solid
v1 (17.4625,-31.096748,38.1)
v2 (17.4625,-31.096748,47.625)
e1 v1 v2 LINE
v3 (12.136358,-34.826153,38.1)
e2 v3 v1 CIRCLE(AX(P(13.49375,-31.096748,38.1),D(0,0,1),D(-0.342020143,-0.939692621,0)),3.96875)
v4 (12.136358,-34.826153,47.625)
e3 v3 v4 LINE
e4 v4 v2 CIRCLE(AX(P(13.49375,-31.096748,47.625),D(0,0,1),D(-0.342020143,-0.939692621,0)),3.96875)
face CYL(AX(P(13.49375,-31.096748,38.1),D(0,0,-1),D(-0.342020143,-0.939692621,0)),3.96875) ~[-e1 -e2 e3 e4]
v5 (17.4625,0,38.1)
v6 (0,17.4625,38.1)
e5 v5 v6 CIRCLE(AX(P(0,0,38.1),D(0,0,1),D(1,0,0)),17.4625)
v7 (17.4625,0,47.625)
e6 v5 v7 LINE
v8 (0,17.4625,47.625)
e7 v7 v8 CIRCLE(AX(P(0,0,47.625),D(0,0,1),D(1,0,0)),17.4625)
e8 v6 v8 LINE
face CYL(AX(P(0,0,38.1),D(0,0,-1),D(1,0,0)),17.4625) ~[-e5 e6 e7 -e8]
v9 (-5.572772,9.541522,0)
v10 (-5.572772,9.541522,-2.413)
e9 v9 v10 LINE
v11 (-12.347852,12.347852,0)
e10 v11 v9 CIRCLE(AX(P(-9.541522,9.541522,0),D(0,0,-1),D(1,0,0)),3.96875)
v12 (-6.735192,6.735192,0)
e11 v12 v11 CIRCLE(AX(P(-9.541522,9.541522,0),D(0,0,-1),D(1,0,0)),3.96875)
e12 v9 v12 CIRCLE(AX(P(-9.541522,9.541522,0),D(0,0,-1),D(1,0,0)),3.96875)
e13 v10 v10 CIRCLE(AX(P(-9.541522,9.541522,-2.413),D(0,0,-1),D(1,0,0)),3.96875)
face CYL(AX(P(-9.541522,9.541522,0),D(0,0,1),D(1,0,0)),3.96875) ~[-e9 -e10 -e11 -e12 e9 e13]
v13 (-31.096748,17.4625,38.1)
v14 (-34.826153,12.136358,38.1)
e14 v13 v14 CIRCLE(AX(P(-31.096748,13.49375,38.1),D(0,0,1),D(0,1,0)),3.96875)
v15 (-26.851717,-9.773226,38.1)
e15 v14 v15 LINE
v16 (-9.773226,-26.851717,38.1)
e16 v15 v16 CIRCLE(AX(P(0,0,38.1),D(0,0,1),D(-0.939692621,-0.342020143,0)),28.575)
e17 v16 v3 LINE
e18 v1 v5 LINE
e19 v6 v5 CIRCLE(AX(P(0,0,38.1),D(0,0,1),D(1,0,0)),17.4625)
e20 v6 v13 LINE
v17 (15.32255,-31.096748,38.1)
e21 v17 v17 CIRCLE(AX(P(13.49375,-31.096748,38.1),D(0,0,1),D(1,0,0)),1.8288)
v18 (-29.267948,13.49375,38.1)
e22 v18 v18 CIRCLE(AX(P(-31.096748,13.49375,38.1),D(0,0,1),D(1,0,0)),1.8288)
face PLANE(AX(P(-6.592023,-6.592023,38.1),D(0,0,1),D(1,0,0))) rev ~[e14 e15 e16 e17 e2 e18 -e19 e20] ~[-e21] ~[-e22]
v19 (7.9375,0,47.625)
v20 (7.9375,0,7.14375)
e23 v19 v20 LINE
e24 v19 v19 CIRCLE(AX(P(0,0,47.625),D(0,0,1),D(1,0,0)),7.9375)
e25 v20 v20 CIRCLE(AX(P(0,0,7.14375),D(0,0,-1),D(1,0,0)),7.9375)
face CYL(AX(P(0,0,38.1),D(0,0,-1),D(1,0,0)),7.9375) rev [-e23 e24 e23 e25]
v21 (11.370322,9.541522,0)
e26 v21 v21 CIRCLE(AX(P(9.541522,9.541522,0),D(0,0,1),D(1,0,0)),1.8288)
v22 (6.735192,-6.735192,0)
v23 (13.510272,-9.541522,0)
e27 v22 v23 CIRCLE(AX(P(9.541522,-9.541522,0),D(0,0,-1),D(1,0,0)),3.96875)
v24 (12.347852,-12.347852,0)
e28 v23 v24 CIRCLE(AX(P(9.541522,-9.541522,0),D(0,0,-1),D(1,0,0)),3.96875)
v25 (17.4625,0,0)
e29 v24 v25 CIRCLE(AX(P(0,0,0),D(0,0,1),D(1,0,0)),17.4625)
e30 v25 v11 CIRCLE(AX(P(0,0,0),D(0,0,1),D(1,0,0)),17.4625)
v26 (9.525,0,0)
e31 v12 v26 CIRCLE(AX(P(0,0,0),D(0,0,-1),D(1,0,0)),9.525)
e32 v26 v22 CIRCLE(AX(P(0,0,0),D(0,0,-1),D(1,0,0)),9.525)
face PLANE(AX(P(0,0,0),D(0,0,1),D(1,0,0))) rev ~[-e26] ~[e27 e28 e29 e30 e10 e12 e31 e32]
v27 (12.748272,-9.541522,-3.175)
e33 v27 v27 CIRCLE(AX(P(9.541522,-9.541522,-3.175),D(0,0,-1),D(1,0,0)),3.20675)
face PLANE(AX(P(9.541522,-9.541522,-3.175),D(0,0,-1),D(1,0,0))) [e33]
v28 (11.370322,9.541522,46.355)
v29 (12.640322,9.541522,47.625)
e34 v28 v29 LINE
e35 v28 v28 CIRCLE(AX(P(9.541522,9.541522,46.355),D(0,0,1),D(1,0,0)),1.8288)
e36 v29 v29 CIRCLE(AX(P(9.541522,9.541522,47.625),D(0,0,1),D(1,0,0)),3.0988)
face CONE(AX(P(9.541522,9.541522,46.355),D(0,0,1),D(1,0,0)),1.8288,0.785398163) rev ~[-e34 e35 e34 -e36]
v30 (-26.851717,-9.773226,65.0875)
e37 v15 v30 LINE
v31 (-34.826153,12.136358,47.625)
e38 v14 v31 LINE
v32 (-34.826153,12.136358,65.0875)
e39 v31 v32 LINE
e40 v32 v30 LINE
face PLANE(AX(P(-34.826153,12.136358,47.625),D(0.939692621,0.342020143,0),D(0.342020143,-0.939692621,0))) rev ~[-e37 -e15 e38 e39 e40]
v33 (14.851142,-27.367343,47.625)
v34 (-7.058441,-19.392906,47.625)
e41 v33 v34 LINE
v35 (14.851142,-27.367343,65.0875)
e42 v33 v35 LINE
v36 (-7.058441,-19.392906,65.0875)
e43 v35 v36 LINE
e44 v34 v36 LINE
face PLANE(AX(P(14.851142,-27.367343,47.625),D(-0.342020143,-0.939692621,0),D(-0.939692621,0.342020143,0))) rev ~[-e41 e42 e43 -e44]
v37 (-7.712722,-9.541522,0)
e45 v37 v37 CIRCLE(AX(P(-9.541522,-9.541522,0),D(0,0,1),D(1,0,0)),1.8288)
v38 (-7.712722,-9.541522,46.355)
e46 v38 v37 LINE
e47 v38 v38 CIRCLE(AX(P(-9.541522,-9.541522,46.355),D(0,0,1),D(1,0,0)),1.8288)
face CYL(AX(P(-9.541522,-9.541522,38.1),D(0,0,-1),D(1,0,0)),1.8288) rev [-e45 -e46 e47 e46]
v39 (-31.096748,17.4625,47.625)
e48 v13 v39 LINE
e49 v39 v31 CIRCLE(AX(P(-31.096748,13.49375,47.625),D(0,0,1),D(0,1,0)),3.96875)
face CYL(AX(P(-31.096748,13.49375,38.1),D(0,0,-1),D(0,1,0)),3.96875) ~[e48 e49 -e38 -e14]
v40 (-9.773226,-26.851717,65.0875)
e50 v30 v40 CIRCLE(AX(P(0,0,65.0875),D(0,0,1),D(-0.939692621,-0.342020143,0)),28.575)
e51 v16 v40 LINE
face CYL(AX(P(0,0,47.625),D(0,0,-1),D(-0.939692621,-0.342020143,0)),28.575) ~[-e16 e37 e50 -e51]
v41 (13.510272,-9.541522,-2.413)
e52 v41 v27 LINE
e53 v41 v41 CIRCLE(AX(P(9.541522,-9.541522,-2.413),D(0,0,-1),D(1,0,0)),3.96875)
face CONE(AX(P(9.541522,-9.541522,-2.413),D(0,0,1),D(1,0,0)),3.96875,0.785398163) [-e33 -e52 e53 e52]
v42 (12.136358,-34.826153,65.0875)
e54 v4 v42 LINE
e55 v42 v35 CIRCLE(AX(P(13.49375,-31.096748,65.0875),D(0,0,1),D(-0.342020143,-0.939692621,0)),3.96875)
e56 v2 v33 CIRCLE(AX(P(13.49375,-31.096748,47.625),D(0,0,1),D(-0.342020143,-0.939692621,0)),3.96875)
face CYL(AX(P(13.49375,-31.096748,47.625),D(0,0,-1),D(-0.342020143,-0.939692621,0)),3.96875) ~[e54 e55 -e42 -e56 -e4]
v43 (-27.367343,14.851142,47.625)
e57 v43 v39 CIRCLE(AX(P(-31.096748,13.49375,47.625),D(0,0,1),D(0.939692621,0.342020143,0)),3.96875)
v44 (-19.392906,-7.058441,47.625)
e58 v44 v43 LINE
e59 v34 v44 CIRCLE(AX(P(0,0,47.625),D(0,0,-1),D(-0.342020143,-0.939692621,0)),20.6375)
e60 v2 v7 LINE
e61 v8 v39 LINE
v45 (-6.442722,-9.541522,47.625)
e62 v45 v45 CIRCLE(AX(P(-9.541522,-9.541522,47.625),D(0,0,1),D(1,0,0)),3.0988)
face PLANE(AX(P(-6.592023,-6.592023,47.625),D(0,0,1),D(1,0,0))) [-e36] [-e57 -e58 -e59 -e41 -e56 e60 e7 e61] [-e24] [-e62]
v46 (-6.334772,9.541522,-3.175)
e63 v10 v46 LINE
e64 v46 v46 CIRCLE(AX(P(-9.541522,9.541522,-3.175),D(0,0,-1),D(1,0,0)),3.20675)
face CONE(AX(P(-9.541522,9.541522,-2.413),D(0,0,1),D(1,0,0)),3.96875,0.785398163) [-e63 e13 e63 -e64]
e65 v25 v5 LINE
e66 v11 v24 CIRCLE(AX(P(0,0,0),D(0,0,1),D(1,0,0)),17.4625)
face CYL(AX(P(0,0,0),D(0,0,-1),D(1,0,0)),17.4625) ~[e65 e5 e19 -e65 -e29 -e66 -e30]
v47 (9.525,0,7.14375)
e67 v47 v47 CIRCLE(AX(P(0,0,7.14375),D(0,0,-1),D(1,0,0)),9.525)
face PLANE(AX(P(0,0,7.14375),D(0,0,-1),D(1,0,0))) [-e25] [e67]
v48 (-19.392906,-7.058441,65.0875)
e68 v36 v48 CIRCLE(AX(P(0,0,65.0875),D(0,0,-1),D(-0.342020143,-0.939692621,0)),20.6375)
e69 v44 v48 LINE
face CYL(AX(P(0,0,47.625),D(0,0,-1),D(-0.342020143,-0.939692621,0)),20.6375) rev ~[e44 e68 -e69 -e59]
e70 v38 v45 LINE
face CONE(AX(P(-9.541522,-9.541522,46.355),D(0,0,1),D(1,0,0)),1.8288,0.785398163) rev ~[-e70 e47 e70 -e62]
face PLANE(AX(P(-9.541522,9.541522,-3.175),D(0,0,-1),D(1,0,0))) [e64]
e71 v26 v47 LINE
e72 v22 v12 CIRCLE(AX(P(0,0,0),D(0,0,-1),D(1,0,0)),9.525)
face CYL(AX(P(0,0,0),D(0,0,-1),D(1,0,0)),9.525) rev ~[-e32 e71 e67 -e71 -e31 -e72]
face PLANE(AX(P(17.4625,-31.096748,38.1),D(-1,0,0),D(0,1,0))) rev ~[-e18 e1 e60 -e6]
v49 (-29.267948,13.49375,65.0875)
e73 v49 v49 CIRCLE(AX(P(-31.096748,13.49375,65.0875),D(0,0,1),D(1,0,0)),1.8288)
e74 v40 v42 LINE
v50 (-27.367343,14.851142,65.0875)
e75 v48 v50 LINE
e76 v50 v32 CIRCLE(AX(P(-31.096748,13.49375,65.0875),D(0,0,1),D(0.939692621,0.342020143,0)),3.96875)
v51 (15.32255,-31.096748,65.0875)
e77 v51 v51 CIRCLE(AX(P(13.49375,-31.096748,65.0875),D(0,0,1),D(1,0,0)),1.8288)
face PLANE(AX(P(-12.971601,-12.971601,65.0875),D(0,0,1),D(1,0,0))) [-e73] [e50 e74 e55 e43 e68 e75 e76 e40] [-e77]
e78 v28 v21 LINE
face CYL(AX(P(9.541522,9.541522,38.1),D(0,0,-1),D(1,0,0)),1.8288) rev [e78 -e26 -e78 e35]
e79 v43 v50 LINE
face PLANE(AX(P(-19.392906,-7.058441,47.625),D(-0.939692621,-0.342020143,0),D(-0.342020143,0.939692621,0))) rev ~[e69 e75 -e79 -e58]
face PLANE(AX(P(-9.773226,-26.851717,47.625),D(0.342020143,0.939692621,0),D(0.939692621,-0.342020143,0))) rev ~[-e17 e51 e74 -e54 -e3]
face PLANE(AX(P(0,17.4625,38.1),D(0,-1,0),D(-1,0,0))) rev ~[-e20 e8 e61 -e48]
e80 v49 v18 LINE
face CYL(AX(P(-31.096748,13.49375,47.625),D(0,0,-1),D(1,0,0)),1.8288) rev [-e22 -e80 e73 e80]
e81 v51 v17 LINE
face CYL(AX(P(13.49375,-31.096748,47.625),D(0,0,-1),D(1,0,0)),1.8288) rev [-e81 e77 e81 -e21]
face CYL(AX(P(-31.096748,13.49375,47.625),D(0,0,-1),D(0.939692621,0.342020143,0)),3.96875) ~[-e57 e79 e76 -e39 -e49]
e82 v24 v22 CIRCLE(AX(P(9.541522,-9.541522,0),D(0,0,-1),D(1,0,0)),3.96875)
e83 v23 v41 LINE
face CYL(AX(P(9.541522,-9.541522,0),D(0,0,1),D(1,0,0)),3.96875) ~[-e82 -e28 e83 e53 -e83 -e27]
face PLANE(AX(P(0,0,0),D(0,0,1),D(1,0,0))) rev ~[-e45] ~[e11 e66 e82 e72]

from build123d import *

# Parameters (mm, degrees)
F0_R      = 17.4625
F0_R_2    = 1.8288
F0_R_3    = 7.9375
F1_DEPTH  = 38.1
F2_R      = 1.8288
F2_R_2    = 7.9375
F3_DEPTH  = 9.525
F4_R      = 1.8288
F5_DEPTH  = 17.4625
F6_R      = 9.525
F7_DEPTH  = 7.14375
F8_R      = 3.96875
F9_DEPTH  = 3.175
F10_SIZE  = 0.762
F11_SIZE2 = 1.27
F11_SIZE  = 1.27


with BuildPart() as f1:
    # F0 (on Top) → F1 (new body)
    with BuildSketch(Plane.XY):
        Circle(F0_R)
        with Locations((-9.5415221286, -9.5415221286)):
            Circle(F0_R_2, mode=Mode.SUBTRACT)
        Circle(F0_R_3, mode=Mode.SUBTRACT)
        with Locations((9.5415221286, 9.5415221286)):
            Circle(F0_R_2, mode=Mode.SUBTRACT)
    extrude(amount=F1_DEPTH)

    # F2 (on face) → F3 (join)
    with BuildSketch(Plane.XY.offset(38.1)):
        with BuildLine():
            Line((17.4625, -31.0967476626), (17.4625, 0))
            ThreePointArc((17.4625, 0), (-12.3478521665, -12.3478521665), (0, 17.4625))
            Line((0, 17.4625), (-31.0967476626, 17.4625))
            ThreePointArc((-31.0967476626, 17.4625), (-34.3477573384, 15.7701314818), (-34.8261527514, 12.1363575562))
            Line((-34.8261527514, 12.1363575562), (-26.851716639, -9.7732255955))
            ThreePointArc((-26.851716639, -9.7732255955), (-20.2055762724, -20.2055762724), (-9.7732255955, -26.851716639))
            Line((-9.7732255955, -26.851716639), (12.1363575562, -34.8261527514))
            ThreePointArc((12.1363575562, -34.8261527514), (15.7701314818, -34.3477573384), (17.4625, -31.0967476626))
        make_face()
        with Locations((13.49375, -31.0967476626)):
            Circle(F2_R, mode=Mode.SUBTRACT)
        with Locations((-31.0967476626, 13.49375)):
            Circle(F2_R, mode=Mode.SUBTRACT)
        with BuildLine():
            ThreePointArc((0, 17.4625), (-12.3478521665, -12.3478521665), (17.4625, 0))
            ThreePointArc((17.4625, 0), (12.3478521665, 12.3478521665), (0, 17.4625))
        make_face()
        with Locations((-9.5415221286, -9.5415221286)):
            Circle(F2_R, mode=Mode.SUBTRACT)
        Circle(F2_R_2, mode=Mode.SUBTRACT)
        with Locations((9.5415221286, 9.5415221286)):
            Circle(F2_R, mode=Mode.SUBTRACT)
    extrude(amount=F3_DEPTH)

    # F4 (on face) → F5 (join)
    with BuildSketch(Plane.XY.offset(47.625)):
        with BuildLine():
            Line((-34.8261527514, 12.1363575562), (-26.851716639, -9.7732255955))
            ThreePointArc((-26.851716639, -9.7732255955), (-20.2055762724, -20.2055762724), (-9.7732255955, -26.851716639))
            Line((-9.7732255955, -26.851716639), (12.1363575562, -34.8261527514))
            ThreePointArc((12.1363575562, -34.8261527514), (17.2231550887, -32.4541401064), (14.8511424438, -27.3673425739))
            Line((14.8511424438, -27.3673425739), (-7.0584407079, -19.3929064615))
            ThreePointArc((-7.0584407079, -19.3929064615), (-14.5929161967, -14.5929161967), (-19.3929064615, -7.0584407079))
            Line((-19.3929064615, -7.0584407079), (-27.3673425739, 14.8511424438))
            ThreePointArc((-27.3673425739, 14.8511424438), (-32.4541401064, 17.2231550887), (-34.8261527514, 12.1363575562))
        make_face()
        with Locations((13.49375, -31.0967476626)):
            Circle(F4_R, mode=Mode.SUBTRACT)
        with Locations((-31.0967476626, 13.49375)):
            Circle(F4_R, mode=Mode.SUBTRACT)
    extrude(amount=F5_DEPTH)

    # F6 (on face) → F7 (cut)
    with BuildSketch(Plane(origin=(0, 0, 0), x_dir=(1, 0, 0), z_dir=(0, 0, -1))):
        Circle(F6_R)
    extrude(amount=-F7_DEPTH, mode=Mode.SUBTRACT)

    # F8 (on face) → F9 (join)
    with BuildSketch(Plane(origin=(0, 0, 0), x_dir=(1, 0, 0), z_dir=(0, 0, -1))):
        with Locations((-9.5415221286, -9.5415221286)):
            Circle(F8_R)
        with Locations((9.5415221286, 9.5415221286)):
            Circle(F8_R)
    extrude(amount=F9_DEPTH)

    # F10
    f10_edges = [f1.edges().sort_by_distance(p)[0] for p in [
        (5.572772, -9.541522, -3.175),
        (-13.510272, 9.541522, -3.175),
    ]]
    chamfer(f10_edges, length=F10_SIZE)

    # F11
    f11_edges = [f1.edges().sort_by_distance(p)[0] for p in [
        (7.712722, 9.541522, 47.625),
        (-11.370322, -9.541522, 47.625),
    ]]
    chamfer(f11_edges, length=F11_SIZE, length2=F11_SIZE2)


solid = f1.part
